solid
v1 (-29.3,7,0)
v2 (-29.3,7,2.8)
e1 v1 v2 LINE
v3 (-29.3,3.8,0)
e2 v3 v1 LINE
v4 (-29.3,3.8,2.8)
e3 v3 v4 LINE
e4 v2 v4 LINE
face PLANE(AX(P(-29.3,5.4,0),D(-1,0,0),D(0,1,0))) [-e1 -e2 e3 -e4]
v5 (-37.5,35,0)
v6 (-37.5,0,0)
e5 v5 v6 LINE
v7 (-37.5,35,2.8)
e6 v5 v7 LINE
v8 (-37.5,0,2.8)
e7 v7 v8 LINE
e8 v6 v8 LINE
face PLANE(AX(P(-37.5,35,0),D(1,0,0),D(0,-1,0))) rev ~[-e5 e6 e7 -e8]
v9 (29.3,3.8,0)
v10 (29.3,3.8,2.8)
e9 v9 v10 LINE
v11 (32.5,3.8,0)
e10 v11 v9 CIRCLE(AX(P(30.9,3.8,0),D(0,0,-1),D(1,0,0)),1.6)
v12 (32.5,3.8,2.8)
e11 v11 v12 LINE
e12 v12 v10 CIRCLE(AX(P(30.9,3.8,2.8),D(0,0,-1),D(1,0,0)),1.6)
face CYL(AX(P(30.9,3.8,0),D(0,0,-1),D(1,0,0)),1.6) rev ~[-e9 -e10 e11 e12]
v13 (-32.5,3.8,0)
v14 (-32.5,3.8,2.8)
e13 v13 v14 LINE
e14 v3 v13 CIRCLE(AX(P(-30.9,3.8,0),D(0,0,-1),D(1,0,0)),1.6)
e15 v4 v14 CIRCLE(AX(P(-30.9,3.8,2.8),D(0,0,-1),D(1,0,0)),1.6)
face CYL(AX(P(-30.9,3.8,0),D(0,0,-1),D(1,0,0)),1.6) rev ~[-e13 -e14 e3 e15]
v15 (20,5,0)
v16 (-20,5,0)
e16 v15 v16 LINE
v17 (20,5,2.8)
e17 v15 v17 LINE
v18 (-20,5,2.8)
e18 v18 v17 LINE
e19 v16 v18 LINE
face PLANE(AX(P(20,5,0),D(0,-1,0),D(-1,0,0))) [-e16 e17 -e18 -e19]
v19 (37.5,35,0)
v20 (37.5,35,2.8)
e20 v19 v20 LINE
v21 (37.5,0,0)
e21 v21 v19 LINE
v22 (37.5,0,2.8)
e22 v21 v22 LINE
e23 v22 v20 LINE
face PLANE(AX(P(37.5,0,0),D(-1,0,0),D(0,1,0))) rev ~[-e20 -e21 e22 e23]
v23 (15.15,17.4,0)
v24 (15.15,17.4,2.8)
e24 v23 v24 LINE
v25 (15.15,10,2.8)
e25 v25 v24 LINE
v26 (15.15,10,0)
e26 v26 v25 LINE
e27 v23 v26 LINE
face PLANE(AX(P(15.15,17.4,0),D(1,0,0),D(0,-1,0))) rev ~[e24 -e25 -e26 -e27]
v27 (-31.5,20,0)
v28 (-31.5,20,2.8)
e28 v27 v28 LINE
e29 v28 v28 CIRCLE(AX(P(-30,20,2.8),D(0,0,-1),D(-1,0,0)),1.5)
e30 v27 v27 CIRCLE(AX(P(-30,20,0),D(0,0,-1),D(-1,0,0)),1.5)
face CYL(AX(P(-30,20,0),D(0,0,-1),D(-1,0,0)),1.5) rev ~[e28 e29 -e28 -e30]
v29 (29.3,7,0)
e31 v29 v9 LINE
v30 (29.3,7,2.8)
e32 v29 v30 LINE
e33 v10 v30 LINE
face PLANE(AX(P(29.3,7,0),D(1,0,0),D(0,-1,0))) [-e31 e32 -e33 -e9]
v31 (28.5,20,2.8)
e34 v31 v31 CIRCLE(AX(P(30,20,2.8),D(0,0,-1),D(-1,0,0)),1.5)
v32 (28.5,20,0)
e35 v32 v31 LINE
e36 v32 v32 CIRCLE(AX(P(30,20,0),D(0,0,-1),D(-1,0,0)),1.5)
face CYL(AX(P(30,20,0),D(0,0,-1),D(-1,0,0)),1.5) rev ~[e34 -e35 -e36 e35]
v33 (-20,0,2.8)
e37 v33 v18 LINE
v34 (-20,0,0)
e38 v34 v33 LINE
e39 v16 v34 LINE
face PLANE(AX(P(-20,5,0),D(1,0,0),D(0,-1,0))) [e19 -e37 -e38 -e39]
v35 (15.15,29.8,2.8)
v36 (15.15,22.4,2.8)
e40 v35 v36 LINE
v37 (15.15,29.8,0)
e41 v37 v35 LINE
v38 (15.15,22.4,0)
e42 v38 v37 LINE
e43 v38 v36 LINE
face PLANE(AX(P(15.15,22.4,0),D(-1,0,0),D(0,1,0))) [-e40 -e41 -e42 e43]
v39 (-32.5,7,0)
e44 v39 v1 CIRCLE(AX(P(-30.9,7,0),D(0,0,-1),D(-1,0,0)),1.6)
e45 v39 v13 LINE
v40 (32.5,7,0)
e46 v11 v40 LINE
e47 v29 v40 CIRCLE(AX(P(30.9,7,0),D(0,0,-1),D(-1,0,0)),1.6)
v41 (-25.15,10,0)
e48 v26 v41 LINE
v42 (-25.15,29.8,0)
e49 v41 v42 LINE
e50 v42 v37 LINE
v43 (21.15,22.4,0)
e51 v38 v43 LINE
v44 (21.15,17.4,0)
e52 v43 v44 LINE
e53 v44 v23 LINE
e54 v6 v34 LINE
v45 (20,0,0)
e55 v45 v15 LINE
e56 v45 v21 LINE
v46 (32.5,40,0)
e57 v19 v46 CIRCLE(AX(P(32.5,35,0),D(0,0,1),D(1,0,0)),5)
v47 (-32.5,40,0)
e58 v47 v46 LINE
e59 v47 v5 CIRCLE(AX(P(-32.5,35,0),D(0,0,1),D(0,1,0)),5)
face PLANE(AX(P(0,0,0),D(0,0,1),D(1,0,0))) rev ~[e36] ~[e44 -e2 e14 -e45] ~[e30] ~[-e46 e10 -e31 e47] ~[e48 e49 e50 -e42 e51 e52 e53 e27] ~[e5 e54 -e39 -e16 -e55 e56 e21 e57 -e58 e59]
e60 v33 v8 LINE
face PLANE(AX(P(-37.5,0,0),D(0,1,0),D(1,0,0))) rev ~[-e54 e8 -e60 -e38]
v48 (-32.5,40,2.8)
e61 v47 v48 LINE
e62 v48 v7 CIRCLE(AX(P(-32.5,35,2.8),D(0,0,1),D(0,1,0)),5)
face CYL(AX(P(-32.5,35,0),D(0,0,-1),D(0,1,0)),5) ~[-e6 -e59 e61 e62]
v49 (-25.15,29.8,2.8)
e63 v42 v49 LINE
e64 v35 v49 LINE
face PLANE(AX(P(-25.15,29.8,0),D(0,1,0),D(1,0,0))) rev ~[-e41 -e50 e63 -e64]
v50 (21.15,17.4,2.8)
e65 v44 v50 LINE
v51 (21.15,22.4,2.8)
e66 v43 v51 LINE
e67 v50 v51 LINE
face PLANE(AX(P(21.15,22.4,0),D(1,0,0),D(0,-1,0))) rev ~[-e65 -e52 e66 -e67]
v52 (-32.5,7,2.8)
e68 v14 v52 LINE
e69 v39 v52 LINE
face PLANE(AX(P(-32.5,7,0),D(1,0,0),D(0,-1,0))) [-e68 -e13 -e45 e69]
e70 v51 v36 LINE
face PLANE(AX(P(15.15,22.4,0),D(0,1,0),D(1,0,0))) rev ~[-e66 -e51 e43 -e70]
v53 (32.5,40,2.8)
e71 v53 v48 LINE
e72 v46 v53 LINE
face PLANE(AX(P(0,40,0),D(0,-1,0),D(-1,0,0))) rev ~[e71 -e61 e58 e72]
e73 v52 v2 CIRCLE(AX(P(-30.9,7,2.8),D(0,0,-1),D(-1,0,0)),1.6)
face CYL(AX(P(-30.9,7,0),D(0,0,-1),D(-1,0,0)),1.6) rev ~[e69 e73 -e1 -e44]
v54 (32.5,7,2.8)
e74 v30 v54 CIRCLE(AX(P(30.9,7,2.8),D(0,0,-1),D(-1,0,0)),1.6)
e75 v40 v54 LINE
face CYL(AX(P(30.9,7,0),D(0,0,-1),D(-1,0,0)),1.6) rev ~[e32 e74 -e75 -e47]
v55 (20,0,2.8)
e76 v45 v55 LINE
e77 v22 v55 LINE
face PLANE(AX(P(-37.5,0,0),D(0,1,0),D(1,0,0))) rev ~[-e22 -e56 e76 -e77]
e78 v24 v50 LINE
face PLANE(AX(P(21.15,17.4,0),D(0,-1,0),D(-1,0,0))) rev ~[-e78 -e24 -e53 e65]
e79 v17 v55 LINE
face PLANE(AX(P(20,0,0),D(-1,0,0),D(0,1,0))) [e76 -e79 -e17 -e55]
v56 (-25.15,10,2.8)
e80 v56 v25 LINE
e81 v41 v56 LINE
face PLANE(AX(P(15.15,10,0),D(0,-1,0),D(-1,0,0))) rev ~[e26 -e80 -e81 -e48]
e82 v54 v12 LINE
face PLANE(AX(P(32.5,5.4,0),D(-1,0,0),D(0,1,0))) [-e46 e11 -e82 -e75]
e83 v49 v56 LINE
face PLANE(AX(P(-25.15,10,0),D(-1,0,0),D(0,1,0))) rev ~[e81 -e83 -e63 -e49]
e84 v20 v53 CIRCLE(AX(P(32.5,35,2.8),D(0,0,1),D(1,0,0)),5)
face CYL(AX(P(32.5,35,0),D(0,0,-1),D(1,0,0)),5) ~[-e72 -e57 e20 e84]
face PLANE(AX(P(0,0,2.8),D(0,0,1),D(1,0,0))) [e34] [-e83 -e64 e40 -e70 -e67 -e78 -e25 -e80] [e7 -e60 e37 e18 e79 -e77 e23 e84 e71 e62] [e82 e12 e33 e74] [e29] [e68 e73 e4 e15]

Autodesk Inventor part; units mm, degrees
ref_plane "YZ Plane" through (0, 0, 0) normal (1, 0, 0) x (0, 1, 0)
ref_plane "XZ Plane" through (0, 0, 0) normal (0, 1, 0) x (-1, 0, 0)
ref_plane "XY Plane" through (0, 0, 0) normal (0, 0, 1) x (1, 0, 0)
sketch "Sketch1" plane through (0, 0, 0) normal (0, 0, 1) x (1, 0, 0)
  line L0 (-53.9497, 0) -> (53.9497, 0) projected
  line L1 (0, -8.2071) -> (0, 49.2426) projected
  line L2 (-37.5, 0) -> (37.5, 0)
  line L3 (37.5, 0) -> (37.5, 35)
  line L4 (32.5, 40) -> (-32.5, 40)
  line L5 (-37.5, 35) -> (-37.5, 0)
  arc A0 (-32.5, 40) -> (-37.5, 35) centre (-32.5, 35) ccw
  arc A1 (37.5, 35) -> (32.5, 40) centre (32.5, 35) ccw
  point P0 (0, 0)
  point P1 (37.5, 40)
  point P2 (-37.5, 40)
  dimension "d0" = 75
  dimension "d1" = 40
  dimension "d2" = 37.5
  dimension "d5" = 5
extrude "Extrusion1" add sketch "Sketch1" along normal blind 2.8
sketch "Sketch2" plane through (0, 0, 0) normal (0, 0, -1) x (-1, 0, 0)
  line L0 (37.5, 0) -> (-37.5, 0) projected
  line L1 (-20, 0) -> (-20, 5)
  line L2 (-20, 5) -> (20, 5)
  line L3 (20, 5) -> (20, 0)
  line L4 (-15.15, 22.4) -> (-21.15, 22.4)
  line L5 (-21.15, 22.4) -> (-21.15, 17.4)
  line L6 (-21.15, 17.4) -> (-15.15, 17.4)
  line L7 (-15.15, 17.4) -> (-15.15, 10)
  line L8 (25.15, 29.8) -> (-15.15, 29.8)
  line L9 (-15.15, 10) -> (25.15, 10)
  line L10 (25.15, 10) -> (25.15, 29.8)
  line L11 (-37.5, 0) -> (-37.5, 35) projected
  line L12 (-15.15, 22.4) -> (-15.15, 29.8)
  circle A0 centre (-30, 20) radius 1.5
  circle A1 centre (30, 20) radius 1.5
  arc A2 (-29.5144, 4.6) -> (-29.3, 5.4) centre (-30.9, 5.4) ccw
  line L13 (-32.5, 40) -> (32.5, 40) projected
  line L14 (-32.5, 5.4) -> (-32.5, 7)
  line L15 (-29.3, 7) -> (-29.3, 3.8)
  line L16 (-32.5, 3.8) -> (-32.5, 5.4)
  arc A3 (-29.3, 7) -> (-32.5, 7) centre (-30.9, 7) ccw
  arc A4 (-32.5, 3.8) -> (-29.3, 3.8) centre (-30.9, 3.8) ccw
  line L17 (37.5, 35) -> (37.5, 0) projected
  line L18 (29.3, 5.4) -> (29.3, 7)
  line L19 (32.5, 7) -> (32.5, 3.8)
  line L20 (29.3, 3.8) -> (29.3, 5.4)
  arc A5 (32.5, 7) -> (29.3, 7) centre (30.9, 7) ccw
  arc A6 (29.3, 3.8) -> (32.5, 3.8) centre (30.9, 3.8) ccw
  point P0 (0, 0)
  dimension "d9" = 3.2
  dimension "d10" = 3.2
  dimension "d13" = 3.2
  dimension "d14" = 3.2
extrude "Extrusion2" cut sketch "Sketch2" against normal blind 10
equation "\"d2\" = 0.5 * d0"
properties part number "Acrylic_YawServoSupport_2"
